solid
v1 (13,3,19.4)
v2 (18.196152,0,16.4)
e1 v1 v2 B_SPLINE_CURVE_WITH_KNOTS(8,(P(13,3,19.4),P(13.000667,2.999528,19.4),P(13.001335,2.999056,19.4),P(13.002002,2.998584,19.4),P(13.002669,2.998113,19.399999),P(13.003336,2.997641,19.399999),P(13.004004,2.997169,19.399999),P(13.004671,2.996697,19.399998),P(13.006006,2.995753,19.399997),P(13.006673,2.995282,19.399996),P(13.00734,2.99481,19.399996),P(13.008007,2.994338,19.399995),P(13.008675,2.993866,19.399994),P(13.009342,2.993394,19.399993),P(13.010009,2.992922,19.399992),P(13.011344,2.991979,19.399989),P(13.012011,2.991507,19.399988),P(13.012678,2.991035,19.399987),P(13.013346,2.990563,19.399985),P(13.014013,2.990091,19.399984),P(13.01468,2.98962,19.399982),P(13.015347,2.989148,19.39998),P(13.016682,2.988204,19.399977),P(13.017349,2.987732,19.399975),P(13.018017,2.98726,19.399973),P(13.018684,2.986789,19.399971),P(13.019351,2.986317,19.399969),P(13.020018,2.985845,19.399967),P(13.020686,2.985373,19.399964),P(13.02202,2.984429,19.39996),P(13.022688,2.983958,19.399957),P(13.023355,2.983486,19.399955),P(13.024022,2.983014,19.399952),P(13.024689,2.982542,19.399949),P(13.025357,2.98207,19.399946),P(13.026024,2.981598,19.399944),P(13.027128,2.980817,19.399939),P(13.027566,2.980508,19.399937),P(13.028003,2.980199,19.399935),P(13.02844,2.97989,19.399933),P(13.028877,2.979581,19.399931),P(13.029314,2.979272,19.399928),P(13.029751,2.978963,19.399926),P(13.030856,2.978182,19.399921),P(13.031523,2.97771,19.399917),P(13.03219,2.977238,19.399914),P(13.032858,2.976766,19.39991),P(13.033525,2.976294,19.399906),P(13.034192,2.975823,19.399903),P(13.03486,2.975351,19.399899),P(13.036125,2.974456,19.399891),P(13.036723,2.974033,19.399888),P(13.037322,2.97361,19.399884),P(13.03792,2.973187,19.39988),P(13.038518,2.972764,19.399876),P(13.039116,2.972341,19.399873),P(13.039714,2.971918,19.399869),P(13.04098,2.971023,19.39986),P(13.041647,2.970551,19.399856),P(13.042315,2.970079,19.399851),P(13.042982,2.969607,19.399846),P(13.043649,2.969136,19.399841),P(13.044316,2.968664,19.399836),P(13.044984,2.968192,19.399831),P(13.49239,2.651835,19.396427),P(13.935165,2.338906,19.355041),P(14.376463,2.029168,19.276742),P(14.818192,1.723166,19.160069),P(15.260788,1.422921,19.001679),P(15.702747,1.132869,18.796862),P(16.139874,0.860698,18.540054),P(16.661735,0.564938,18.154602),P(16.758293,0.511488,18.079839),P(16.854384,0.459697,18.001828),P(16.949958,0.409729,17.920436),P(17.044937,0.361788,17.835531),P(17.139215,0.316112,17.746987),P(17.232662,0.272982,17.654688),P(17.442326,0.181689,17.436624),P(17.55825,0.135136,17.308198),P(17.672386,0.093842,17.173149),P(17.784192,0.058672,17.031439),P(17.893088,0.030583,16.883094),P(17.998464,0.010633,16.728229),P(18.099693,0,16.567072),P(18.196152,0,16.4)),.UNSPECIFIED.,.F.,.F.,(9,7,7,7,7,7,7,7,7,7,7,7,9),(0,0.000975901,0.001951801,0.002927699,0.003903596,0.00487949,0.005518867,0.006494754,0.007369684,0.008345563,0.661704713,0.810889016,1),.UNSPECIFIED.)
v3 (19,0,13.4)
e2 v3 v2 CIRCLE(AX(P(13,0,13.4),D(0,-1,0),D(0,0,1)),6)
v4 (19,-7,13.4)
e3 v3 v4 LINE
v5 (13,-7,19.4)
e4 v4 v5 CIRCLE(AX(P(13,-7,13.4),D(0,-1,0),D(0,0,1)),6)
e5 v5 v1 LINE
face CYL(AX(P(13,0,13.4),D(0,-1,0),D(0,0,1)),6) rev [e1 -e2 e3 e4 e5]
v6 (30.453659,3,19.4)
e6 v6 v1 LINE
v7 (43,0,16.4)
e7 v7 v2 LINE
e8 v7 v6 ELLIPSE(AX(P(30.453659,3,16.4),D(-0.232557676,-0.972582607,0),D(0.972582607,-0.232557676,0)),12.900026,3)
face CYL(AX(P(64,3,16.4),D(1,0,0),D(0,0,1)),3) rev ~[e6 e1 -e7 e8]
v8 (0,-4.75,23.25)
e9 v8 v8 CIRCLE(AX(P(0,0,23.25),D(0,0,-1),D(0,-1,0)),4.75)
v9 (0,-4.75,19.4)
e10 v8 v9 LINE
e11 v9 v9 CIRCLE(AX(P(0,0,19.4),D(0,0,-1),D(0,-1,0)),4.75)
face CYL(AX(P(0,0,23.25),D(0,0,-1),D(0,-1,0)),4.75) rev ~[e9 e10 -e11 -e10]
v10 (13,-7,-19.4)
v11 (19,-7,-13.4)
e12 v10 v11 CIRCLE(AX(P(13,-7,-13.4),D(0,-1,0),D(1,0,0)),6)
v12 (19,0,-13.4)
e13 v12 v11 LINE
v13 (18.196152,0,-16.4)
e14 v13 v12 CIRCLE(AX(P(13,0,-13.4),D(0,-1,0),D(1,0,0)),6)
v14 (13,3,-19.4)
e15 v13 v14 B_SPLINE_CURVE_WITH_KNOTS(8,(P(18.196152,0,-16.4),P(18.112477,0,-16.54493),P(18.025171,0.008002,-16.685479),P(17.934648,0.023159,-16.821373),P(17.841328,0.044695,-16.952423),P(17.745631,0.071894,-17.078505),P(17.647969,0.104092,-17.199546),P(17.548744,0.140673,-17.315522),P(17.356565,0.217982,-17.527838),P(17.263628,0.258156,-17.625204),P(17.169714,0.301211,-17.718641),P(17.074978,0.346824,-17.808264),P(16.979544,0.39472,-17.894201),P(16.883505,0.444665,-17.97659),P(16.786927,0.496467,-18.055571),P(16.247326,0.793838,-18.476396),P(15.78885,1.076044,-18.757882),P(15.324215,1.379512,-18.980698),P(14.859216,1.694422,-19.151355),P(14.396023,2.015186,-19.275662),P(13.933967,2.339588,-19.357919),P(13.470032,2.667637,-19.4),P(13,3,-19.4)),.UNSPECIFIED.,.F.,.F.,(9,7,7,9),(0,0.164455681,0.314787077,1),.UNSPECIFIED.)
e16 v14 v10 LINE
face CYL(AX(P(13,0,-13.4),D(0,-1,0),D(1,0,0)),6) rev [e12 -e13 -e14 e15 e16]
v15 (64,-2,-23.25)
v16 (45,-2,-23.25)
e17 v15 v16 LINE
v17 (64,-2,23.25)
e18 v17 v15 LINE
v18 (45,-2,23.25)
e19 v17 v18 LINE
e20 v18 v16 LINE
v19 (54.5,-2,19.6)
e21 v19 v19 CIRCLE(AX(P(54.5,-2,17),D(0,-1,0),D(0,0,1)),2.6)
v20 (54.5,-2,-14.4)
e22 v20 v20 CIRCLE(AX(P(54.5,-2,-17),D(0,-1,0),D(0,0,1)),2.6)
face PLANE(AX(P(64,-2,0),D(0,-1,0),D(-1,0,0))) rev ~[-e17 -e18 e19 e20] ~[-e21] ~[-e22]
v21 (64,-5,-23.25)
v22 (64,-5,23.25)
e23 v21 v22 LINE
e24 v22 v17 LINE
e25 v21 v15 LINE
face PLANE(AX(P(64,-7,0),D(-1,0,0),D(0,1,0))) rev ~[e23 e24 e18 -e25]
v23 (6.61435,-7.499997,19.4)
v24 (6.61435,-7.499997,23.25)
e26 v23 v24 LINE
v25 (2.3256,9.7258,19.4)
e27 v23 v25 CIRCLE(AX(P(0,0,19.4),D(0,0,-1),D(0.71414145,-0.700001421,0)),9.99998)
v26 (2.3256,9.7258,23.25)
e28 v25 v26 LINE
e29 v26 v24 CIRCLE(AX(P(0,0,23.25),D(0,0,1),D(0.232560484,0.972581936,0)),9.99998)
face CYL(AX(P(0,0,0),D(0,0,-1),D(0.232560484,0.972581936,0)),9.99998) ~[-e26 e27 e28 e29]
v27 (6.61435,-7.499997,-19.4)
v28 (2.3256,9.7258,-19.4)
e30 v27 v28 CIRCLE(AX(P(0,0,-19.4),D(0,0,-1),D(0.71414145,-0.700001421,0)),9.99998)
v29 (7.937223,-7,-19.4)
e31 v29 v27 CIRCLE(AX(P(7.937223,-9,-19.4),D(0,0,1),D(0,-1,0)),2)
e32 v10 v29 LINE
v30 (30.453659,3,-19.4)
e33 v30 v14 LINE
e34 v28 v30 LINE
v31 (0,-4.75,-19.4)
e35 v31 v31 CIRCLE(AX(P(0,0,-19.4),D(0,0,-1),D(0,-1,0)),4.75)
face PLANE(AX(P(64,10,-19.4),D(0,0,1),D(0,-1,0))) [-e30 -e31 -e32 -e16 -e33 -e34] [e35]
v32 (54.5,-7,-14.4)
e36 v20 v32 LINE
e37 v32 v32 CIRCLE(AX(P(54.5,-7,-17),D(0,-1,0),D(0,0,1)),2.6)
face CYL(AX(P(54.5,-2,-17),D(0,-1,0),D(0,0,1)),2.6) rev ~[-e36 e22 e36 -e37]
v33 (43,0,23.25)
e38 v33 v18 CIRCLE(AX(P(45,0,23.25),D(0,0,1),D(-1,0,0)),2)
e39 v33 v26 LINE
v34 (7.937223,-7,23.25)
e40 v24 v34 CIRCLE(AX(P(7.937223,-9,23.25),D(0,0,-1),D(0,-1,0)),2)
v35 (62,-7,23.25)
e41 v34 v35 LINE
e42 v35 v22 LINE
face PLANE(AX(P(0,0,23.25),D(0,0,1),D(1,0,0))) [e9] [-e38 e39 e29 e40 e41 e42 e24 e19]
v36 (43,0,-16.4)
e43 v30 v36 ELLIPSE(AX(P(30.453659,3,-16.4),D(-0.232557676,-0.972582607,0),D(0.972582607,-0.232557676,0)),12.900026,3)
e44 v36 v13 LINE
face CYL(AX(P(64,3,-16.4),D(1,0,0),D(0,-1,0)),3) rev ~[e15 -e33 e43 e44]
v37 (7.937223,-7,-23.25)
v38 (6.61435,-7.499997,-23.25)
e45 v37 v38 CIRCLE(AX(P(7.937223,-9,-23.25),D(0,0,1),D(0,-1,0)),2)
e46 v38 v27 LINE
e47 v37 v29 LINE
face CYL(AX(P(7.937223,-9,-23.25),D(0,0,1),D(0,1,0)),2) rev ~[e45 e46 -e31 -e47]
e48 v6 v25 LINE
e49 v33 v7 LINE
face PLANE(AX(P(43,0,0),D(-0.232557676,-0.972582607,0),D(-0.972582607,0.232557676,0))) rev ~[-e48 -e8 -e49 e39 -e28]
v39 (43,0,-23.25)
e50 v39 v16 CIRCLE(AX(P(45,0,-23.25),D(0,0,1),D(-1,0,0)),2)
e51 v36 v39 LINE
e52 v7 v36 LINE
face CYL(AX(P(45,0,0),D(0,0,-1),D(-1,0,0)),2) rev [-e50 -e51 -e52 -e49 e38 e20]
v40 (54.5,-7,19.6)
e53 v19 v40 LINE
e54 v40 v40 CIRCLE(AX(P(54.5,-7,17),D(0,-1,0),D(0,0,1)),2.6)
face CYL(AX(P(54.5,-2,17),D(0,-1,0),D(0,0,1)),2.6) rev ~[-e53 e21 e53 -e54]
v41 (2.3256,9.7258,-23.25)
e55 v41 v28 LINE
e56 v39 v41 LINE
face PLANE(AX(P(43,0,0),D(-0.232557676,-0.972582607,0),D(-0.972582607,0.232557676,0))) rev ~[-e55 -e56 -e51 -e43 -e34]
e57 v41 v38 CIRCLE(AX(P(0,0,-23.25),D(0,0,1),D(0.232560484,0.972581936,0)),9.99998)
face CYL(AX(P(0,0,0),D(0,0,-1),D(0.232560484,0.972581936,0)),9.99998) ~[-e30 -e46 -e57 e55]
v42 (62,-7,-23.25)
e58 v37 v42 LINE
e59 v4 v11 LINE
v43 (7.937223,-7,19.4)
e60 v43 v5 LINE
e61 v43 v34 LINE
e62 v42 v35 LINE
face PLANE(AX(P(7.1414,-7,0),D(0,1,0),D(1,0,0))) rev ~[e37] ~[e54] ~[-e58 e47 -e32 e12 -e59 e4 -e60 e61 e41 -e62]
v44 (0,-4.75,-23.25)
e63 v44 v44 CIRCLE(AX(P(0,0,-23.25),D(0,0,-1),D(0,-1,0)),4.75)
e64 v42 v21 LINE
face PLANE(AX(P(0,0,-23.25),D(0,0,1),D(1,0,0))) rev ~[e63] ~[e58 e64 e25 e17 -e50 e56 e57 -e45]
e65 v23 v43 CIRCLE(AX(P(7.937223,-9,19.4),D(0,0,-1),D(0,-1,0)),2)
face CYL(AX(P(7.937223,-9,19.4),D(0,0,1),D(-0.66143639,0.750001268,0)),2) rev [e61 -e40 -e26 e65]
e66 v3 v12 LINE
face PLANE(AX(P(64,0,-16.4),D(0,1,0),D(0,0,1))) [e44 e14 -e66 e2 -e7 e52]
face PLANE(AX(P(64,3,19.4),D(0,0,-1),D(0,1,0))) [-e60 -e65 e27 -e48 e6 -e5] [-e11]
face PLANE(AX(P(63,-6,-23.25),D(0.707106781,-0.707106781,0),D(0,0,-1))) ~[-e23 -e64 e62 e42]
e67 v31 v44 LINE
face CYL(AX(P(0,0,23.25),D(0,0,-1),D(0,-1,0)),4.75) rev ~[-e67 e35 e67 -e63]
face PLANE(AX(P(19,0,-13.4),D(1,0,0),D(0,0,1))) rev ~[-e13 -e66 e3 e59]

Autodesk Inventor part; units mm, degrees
ref_plane "YZ Plane" through (0, 0, 0) normal (1, 0, 0) x (0, 1, 0)
ref_plane "XZ Plane" through (0, 0, 0) normal (0, 1, 0) x (-1, 0, 0)
ref_plane "XY Plane" through (0, 0, 0) normal (0, 0, 1) x (1, 0, 0)
sketch "Sketch1" plane through (0, 0, 0) normal (0, 0, 1) x (1, 0, 0)
  arc A0 (2.3256, 9.7258) -> (7.1414, -7) centre (0, 0) ccw
  line L0 (7.1414, -7) -> (64, -7)
  line L1 (64, -7) -> (64, -2)
  line L2 (64, -2) -> (45, -2)
  arc A1 (43, 0) -> (45, -2) centre (45, 0) ccw
  line L3 (43, 0) -> (2.3256, 9.7258)
  dimension "d0" = 10
  dimension "d1" = 2
  dimension "d2" = 5
  dimension "d3" = 64
  dimension "d4" = 21
extrude "Extrusion1" add sketch "Sketch1" along normal mid plane 46.5
sketch "Sketch2" plane through (64, -7, 23.25) normal (1, 0, 0) x (0, 0, -1)
  line L0 (0, 16.7258) -> (46.5, 16.7258) construction
  line L1 (3.85, 17) -> (42.65, 17)
  line L2 (42.65, 17) -> (42.65, 10)
  line L3 (39.65, 7) -> (6.85, 7)
  line L4 (3.85, 10) -> (3.85, 17)
  line L5 (46.5, 17) -> (0, 17) construction
  arc A0 (3.85, 10) -> (6.85, 7) centre (6.85, 10) ccw
  arc A1 (39.65, 7) -> (42.65, 10) centre (39.65, 10) ccw
  point P0 (23.25, 7)
  point P1 (23.25, 7)
  dimension "d7" = 38.8
  dimension "d8" = 3
extrude "Extrusion2" cut sketch "Sketch2" against normal through all
sketch "Sketch3" plane through (-10, 0, 16.4) normal (0, 1, 0) x (1, 0, 0)
  line L0 (0, 0) -> (0, 32.8) construction
  line L1 (12.3256, 35.8) -> (0.4606, 35.8) construction
  line L2 (0.4606, -3) -> (12.3256, -3) construction
  line L3 (0, 35.8) -> (23, 35.8)
  line L4 (29, 29.8) -> (29, 3)
  line L5 (23, -3) -> (0, -3)
  line L6 (0, -3) -> (0, 35.8)
  line L7 (40.4537, 35.8) -> (0.4606, 35.8) projected
  line L8 (40.4537, -3) -> (0.4606, -3) projected
  arc A0 (29, 29.8) -> (23, 35.8) centre (23, 29.8) ccw
  arc A1 (23, -3) -> (29, 3) centre (23, 3) ccw
  arc A2 (29, 29.8) -> (23, 35.8) centre (23, 29.8) ccw
  arc A3 (23, -3) -> (29, 3) centre (23, 3) ccw
  point P0 (10, 16.4)
  dimension "d11" = 29
  dimension "d12" = 6
extrude "Extrusion3" cut sketch "Sketch3" along normal through all both and the other way through all
fillet "Fillet1" radius 2 2 edges at (7.1414, -7, 21.325) (7.1414, -7, -21.325)
chamfer "Chamfer1" distance 2 angle 45 1 edges at (64, -7, 0)
sketch "Sketch4" plane through (0, 0, 23.25) normal (0, 0, 1) x (1, 0, 0)
  arc A0 (2.3256, 9.7258) -> (6.6144, -7.5) centre (0, 0) ccw projected
hole "Hole1" at (0, 0, 23.25) direction (0, 0, -1) diameter 9.5 end through all
sketch "Sketch5" plane through (45, -2, 23.25) normal (0, 1, 0) x (1, 0, 0)
  line L0 (19, 0) -> (0, 0) projected
  line L1 (19, 46.5) -> (19, 0) projected
  line L2 (0, 46.5) -> (19, 46.5) projected
  point P0 (-45, 23.25)
  point P1 (9.5, 40.25)
  point P2 (9.5, 6.25)
  dimension "d26" = 34
  dimension "d27" = 6.25
  dimension "d28" = 6.25
  dimension "d29" = 9.5
hole "Hole2" at (54.5, -2, -17) at (54.5, -2, 17) direction (0, -1, 0) diameter 5.2 end through all
properties part number "Part13 Half Hinge" material "Steel, Carbon"
